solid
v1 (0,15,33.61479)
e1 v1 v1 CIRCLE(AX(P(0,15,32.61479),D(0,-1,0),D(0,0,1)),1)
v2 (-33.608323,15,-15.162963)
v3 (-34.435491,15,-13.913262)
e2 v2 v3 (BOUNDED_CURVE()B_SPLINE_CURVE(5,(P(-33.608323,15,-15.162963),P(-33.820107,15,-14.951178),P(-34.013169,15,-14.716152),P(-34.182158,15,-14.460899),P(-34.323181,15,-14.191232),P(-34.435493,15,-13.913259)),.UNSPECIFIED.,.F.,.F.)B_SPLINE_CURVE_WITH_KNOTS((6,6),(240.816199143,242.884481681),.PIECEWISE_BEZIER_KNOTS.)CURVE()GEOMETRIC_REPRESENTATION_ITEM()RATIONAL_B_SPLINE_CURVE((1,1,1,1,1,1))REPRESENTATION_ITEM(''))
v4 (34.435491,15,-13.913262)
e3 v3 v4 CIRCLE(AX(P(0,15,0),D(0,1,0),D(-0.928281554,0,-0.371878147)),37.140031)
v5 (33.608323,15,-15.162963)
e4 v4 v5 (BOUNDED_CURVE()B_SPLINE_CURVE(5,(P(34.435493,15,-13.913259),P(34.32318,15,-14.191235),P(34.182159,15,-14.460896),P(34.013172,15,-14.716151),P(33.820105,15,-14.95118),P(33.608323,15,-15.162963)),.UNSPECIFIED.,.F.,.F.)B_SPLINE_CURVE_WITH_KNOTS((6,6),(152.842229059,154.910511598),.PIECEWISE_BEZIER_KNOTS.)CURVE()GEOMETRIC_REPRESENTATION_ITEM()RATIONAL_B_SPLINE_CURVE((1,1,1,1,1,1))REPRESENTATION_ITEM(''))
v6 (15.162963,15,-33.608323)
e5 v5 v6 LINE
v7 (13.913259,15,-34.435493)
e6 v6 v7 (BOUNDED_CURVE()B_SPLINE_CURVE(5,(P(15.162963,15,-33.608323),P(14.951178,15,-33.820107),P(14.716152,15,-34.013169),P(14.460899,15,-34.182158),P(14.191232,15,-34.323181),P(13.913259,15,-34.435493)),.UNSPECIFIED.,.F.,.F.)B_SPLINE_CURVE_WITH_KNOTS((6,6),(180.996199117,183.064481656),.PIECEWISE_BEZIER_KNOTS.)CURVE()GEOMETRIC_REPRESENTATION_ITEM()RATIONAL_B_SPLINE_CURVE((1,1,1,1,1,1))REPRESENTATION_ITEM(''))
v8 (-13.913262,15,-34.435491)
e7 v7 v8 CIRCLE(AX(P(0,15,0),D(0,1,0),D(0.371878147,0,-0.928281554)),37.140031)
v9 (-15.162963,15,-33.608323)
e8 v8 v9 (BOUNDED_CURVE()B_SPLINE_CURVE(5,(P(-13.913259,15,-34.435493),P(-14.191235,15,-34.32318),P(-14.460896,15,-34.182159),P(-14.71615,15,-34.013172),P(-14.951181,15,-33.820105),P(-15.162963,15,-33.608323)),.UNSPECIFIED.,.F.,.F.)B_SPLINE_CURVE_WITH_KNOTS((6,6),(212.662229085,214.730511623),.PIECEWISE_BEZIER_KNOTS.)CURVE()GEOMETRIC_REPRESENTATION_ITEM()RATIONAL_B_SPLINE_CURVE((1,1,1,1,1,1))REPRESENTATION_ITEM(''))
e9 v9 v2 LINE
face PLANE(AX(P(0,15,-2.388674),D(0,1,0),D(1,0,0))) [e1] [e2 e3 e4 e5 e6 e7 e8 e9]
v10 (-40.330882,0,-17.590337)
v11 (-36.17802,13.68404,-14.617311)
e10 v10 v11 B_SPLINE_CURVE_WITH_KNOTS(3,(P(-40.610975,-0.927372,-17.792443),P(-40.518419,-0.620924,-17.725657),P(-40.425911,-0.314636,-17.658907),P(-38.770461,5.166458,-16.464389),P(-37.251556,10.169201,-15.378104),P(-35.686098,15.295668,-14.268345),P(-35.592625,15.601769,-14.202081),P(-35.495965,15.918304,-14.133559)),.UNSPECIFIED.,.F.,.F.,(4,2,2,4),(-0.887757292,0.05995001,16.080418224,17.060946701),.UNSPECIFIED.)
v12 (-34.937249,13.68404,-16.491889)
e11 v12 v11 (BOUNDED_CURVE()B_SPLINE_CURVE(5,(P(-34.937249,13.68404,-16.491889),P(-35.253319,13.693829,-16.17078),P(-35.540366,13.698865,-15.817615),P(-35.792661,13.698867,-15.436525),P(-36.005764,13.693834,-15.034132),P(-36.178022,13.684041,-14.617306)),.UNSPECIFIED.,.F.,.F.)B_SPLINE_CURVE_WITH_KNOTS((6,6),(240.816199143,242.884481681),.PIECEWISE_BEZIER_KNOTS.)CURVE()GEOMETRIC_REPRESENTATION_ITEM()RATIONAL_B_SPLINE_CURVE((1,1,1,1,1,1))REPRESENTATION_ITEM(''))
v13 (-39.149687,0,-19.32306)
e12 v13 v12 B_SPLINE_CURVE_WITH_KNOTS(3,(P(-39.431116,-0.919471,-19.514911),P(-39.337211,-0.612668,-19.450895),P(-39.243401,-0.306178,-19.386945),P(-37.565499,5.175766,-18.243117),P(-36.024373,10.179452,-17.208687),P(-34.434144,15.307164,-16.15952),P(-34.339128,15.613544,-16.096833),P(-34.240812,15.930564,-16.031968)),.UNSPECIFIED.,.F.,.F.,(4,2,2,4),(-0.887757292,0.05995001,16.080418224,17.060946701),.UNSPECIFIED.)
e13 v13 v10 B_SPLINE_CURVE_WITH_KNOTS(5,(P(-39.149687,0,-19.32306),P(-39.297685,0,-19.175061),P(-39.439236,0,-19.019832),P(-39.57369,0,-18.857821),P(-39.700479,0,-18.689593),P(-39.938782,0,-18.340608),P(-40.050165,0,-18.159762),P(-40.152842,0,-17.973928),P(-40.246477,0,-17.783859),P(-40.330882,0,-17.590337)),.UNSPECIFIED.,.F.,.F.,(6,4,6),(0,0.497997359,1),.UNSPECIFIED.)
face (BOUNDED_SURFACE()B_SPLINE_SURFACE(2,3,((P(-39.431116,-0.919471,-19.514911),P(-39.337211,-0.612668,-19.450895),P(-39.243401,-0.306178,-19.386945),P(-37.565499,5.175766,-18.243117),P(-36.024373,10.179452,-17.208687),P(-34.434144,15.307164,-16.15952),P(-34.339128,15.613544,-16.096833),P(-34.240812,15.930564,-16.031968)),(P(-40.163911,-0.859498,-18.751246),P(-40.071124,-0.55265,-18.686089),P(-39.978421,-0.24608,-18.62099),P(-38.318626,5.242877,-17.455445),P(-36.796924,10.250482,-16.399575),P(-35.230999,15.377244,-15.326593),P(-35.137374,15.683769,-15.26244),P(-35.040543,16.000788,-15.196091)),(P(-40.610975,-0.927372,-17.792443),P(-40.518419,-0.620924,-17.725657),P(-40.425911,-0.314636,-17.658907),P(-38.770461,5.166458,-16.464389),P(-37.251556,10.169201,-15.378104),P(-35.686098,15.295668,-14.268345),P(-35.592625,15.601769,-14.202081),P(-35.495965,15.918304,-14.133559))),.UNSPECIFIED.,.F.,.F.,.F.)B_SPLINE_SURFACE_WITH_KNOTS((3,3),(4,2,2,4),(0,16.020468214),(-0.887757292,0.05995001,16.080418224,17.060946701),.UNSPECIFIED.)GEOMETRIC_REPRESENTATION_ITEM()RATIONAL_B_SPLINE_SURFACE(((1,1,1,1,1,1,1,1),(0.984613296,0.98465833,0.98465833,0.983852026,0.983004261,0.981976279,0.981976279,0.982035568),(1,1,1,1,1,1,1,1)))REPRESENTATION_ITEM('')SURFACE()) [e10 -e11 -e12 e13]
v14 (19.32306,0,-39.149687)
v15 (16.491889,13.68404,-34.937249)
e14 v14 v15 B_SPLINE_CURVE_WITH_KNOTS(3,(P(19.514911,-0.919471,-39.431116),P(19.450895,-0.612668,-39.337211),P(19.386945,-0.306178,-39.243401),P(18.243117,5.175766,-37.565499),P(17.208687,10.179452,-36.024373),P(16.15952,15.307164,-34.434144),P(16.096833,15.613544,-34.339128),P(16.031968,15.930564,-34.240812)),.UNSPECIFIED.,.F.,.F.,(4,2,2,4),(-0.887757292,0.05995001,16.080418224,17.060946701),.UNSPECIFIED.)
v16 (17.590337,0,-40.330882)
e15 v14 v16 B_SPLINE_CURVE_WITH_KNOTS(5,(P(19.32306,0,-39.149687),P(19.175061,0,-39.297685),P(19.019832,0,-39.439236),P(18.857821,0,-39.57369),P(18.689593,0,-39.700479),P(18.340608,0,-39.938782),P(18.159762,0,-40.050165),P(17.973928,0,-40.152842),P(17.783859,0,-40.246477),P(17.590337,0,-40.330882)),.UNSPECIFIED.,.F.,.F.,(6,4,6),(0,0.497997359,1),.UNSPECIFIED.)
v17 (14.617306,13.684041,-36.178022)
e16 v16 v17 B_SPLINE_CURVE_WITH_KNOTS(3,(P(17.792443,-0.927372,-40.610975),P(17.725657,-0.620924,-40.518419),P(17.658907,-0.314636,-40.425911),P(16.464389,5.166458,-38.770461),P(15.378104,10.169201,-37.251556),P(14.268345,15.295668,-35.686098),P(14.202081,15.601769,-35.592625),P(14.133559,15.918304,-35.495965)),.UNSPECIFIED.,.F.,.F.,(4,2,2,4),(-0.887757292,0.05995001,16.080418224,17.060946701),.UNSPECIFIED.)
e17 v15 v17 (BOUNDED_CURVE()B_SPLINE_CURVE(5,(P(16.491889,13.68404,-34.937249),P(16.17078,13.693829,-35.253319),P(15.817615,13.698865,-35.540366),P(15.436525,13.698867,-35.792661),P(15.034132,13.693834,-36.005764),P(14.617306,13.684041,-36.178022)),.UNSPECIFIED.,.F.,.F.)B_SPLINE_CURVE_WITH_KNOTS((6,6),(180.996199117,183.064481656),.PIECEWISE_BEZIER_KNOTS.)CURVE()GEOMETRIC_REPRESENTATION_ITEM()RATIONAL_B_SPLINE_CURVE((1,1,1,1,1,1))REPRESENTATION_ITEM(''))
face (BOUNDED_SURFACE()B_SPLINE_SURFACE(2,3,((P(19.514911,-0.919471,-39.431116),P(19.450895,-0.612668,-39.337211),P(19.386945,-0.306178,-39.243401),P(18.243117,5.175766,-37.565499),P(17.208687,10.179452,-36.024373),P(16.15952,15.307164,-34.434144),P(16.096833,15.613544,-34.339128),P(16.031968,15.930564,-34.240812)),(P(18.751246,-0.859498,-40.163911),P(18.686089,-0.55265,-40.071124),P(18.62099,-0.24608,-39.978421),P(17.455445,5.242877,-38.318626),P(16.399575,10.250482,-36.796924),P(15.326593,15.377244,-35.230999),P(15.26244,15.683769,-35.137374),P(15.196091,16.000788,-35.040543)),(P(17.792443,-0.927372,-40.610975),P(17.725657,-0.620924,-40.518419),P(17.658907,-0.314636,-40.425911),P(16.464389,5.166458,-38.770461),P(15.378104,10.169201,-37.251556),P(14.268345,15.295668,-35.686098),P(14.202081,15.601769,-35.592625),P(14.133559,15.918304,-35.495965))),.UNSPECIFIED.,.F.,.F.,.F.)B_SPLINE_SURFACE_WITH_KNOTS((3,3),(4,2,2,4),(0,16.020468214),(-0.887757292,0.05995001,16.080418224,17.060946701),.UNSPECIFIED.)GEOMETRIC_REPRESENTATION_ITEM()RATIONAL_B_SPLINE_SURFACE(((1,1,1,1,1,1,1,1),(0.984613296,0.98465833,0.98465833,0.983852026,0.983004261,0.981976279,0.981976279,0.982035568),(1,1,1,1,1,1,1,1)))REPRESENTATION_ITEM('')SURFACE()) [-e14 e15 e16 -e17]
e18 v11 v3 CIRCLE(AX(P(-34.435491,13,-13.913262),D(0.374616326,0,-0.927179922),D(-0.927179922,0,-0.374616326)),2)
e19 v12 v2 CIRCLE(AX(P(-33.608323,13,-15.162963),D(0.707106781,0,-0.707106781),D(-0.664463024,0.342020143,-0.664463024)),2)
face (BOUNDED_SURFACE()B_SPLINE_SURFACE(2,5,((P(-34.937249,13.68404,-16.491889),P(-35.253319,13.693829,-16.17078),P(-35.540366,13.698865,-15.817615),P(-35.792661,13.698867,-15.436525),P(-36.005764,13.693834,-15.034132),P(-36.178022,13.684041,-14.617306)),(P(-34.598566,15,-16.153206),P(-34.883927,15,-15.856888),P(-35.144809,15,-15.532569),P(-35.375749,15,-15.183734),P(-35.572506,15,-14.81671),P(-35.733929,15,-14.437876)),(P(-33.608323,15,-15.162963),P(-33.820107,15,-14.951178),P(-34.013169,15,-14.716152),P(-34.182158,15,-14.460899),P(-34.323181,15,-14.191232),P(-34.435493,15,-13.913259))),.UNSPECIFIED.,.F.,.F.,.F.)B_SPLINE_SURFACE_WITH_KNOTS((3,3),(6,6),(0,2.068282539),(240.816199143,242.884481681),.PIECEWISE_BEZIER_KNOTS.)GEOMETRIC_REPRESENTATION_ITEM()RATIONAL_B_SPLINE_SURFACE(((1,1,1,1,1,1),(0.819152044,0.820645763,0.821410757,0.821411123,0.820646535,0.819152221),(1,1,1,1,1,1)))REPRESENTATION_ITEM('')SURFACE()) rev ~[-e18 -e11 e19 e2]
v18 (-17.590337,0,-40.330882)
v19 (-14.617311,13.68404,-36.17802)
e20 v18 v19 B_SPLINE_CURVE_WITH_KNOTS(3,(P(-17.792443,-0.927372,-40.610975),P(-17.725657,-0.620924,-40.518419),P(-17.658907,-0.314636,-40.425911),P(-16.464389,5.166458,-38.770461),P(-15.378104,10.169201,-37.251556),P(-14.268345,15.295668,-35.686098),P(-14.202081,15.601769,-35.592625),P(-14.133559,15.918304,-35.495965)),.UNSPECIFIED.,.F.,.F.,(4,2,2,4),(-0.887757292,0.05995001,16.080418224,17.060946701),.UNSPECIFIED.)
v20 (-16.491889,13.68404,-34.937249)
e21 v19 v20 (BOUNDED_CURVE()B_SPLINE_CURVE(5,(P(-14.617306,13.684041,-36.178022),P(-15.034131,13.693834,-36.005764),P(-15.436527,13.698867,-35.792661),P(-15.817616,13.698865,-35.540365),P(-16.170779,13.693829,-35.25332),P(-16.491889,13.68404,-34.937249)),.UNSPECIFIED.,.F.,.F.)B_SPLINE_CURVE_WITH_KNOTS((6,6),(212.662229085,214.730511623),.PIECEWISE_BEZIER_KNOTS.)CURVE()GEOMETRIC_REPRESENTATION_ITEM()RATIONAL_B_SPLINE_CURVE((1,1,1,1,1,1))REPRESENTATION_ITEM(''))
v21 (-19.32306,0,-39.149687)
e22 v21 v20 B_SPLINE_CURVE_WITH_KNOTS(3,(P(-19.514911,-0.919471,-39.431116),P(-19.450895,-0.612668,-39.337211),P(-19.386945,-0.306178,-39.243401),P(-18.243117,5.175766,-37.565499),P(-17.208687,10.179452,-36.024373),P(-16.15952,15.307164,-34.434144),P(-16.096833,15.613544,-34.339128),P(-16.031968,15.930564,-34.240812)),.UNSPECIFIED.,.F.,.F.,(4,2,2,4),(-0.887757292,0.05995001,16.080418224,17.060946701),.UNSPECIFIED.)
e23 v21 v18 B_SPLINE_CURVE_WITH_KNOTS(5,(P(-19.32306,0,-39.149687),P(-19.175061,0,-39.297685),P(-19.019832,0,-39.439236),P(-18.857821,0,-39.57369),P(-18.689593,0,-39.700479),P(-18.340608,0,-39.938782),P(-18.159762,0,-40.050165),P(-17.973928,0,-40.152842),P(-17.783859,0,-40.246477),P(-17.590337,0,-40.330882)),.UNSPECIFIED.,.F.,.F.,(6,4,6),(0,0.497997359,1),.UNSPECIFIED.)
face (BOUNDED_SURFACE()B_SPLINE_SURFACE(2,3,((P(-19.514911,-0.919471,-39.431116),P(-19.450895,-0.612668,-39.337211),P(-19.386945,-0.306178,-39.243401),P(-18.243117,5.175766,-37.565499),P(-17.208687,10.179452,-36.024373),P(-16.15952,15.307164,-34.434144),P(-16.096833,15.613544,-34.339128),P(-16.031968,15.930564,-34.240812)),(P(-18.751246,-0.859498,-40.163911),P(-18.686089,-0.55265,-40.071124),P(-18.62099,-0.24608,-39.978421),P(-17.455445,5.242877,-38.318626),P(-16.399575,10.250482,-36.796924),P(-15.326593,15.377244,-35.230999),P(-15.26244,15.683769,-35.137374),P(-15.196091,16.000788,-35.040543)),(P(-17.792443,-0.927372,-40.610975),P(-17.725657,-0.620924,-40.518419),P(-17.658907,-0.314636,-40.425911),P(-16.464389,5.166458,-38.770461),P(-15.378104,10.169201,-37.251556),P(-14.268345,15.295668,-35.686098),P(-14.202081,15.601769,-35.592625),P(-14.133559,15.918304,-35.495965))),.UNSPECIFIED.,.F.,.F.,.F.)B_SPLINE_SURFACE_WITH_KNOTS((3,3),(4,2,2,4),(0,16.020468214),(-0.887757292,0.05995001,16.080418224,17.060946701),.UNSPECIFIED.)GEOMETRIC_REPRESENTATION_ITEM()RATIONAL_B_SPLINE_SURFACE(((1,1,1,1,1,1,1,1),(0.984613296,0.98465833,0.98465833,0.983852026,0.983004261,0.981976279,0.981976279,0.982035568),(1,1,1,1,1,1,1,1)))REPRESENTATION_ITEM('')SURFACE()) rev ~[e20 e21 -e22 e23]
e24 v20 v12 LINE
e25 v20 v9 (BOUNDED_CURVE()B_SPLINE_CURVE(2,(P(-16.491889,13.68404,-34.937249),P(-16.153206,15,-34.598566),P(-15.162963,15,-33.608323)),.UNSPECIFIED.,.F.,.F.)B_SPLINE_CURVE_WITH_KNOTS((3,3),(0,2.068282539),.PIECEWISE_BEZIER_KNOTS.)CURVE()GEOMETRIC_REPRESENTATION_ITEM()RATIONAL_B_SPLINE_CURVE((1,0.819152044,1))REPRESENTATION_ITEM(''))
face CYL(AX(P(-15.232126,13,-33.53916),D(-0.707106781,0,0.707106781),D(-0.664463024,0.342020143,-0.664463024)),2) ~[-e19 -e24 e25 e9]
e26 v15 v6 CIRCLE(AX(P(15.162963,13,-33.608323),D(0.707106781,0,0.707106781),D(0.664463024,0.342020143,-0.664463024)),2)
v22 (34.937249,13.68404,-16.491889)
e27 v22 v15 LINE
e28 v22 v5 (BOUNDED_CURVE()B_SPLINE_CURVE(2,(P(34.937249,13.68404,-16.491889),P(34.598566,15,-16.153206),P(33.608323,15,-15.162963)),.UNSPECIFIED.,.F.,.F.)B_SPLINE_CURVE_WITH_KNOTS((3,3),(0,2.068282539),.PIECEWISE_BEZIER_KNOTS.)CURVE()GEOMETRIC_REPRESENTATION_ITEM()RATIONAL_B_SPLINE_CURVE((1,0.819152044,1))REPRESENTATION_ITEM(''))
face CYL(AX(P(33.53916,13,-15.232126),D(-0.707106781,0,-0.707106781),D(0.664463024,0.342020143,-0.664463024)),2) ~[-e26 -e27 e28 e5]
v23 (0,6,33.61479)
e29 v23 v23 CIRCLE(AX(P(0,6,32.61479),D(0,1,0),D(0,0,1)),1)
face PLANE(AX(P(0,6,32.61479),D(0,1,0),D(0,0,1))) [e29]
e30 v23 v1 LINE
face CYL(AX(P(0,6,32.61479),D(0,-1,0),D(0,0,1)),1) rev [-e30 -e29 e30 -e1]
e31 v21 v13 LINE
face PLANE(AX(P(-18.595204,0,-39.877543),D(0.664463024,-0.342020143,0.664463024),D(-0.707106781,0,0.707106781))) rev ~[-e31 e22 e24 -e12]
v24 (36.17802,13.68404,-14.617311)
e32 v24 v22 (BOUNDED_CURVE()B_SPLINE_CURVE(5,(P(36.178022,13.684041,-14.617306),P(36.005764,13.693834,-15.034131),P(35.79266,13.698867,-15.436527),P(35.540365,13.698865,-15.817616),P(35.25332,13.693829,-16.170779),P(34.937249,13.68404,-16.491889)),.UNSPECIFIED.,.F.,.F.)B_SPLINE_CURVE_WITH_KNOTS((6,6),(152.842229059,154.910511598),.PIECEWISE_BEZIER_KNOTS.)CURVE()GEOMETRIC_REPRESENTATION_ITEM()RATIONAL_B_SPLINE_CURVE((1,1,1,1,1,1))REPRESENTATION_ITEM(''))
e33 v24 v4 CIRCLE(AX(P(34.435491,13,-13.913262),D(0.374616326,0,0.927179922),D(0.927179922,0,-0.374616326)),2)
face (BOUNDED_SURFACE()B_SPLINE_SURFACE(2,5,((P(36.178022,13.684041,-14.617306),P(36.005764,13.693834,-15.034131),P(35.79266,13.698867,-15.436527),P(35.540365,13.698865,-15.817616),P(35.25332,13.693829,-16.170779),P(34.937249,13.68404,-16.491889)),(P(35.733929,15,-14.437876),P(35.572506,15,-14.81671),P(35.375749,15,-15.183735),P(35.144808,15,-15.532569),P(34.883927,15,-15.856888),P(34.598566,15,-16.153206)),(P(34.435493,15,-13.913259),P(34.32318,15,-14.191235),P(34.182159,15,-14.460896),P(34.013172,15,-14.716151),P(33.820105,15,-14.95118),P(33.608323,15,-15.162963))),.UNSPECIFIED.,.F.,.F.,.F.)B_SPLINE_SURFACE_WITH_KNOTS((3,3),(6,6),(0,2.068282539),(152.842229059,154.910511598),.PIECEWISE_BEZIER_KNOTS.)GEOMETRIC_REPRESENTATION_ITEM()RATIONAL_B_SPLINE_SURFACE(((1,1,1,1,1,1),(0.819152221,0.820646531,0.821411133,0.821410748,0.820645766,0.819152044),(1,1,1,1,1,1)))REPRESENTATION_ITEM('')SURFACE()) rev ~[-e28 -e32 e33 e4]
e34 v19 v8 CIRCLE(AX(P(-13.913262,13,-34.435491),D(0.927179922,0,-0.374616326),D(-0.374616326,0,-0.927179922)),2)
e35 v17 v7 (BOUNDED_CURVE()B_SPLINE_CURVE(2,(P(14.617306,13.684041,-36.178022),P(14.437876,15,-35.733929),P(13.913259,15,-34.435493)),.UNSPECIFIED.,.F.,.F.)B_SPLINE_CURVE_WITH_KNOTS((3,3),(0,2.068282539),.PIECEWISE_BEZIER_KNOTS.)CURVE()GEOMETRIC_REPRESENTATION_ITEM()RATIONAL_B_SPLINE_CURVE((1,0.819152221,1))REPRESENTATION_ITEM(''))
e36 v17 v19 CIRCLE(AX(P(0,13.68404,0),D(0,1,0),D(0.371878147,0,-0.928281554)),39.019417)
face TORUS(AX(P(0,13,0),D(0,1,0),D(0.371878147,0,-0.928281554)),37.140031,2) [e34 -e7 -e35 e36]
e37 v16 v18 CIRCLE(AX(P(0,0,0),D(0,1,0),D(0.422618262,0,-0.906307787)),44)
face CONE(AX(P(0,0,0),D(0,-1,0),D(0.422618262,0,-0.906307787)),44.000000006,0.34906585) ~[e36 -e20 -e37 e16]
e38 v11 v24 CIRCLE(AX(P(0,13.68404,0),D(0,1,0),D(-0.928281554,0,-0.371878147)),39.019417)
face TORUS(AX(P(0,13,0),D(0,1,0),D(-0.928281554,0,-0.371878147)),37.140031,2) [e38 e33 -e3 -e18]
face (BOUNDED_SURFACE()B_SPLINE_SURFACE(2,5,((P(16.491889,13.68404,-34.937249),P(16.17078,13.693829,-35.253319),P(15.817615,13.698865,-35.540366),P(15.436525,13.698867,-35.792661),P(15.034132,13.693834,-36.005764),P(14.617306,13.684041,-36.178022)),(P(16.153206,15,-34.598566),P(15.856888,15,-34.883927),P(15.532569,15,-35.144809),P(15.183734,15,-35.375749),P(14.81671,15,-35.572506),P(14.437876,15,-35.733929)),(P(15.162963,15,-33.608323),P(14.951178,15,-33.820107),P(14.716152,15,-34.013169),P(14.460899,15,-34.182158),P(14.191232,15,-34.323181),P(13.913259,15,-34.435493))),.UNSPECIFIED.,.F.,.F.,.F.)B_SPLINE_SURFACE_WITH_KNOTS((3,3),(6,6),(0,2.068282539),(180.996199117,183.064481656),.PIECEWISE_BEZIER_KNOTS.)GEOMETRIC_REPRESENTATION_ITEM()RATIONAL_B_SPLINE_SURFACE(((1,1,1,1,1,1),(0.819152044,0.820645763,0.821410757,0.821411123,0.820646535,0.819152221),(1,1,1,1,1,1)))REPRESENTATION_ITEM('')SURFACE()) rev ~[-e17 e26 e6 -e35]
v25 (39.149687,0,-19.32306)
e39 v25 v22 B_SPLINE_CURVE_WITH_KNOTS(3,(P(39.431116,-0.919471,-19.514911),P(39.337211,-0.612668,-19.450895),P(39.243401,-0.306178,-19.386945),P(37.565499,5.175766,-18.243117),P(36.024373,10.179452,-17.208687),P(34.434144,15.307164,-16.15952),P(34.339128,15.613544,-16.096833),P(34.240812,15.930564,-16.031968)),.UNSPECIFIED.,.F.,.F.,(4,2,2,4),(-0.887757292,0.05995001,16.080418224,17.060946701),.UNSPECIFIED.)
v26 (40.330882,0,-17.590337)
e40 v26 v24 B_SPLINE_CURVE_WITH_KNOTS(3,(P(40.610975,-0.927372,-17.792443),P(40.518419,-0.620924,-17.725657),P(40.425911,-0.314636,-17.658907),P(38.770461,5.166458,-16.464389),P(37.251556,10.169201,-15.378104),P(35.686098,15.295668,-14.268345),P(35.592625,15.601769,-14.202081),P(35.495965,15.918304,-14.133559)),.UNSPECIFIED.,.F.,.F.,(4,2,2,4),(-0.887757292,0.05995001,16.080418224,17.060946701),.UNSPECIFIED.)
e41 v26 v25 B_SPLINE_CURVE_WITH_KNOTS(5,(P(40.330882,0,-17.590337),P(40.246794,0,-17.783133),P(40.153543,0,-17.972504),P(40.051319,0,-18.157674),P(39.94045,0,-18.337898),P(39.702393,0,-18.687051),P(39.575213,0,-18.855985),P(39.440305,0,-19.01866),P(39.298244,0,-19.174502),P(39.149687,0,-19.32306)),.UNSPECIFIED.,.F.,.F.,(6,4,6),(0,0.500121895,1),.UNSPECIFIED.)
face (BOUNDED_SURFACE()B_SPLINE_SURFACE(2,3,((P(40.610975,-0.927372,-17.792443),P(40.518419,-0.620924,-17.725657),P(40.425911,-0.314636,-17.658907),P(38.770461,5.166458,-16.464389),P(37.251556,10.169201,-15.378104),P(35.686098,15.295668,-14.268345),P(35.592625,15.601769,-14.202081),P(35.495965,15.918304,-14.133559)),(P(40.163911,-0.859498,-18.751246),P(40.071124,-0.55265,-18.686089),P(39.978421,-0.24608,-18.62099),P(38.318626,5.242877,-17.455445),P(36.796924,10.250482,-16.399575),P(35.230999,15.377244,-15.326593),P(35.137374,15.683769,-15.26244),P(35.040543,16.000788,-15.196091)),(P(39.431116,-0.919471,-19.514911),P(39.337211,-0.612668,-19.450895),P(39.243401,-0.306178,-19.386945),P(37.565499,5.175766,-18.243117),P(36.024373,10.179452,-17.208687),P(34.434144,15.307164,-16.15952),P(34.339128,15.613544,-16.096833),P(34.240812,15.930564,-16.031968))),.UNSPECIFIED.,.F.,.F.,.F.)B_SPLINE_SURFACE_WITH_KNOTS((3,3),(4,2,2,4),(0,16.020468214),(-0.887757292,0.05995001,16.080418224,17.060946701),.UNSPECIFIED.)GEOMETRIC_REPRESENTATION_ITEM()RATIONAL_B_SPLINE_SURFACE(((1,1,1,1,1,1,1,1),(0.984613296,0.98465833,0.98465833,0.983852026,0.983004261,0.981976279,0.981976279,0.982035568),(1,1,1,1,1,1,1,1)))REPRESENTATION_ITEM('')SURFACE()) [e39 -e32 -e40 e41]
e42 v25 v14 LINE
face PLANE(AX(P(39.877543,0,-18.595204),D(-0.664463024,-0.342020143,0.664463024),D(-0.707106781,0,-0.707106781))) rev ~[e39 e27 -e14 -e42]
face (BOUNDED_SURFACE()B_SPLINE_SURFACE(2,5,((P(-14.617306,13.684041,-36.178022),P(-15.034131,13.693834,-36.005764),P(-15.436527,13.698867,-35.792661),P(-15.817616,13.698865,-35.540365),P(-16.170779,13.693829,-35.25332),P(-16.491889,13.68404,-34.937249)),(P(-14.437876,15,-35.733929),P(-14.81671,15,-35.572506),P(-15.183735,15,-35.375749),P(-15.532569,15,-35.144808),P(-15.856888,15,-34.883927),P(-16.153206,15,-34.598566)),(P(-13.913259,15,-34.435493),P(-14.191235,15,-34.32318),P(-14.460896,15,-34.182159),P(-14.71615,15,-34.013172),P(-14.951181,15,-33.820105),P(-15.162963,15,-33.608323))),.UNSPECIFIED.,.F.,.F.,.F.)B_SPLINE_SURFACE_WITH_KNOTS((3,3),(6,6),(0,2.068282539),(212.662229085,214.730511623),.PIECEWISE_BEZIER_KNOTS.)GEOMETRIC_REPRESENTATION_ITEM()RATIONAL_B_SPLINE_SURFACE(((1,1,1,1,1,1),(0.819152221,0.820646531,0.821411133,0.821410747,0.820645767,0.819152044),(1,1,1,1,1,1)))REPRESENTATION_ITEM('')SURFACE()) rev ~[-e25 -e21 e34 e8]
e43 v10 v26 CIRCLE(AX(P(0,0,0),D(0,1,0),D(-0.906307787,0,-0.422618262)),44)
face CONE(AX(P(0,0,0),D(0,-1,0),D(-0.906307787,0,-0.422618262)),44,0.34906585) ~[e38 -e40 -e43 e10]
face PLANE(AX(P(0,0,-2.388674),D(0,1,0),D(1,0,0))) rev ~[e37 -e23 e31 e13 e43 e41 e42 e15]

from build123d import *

# Parameters (mm, degrees)
EXTRUDE_1_DEPTH     = 15
DRAFT_2_ANGLE       = -20
FILLET_1_R          = 6
FILLET_2_R          = 2
CUT_EXTRUDE_START   = 6
SKETCH_2_R          = 1
CUT_EXTRUDE_1_DEPTH = 59.007812184


with BuildPart() as part:
    # 草图1 → 凸台-拉伸1 (new body)
    with BuildSketch(Plane(origin=(0, 0, 0), x_dir=(1, 0, 0), z_dir=(0, 1, 0))):
        with BuildLine():
            Line((-18.595203517, 39.87754263), (-39.87754263, 18.595203517))
            ThreePointArc((-39.87754263, 18.595203517), (0, -44), (39.87754263, 18.595203517))
            Line((39.87754263, 18.595203517), (18.595203517, 39.87754263))
            ThreePointArc((18.595203517, 39.87754263), (0, 44), (-18.595203517, 39.87754263))
        make_face()
    extrude(amount=EXTRUDE_1_DEPTH)

    # 拔模2
    draft_2_faces = [part.faces().sort_by_distance(p)[0] for p in [
        (29.236373073, 7.5, -29.236373073),
        (0, 7.5, 44),
        (-29.236373073, 7.5, -29.236373073),
        (0, 7.5, -44),
    ]]
    draft(draft_2_faces, Plane(origin=(0, 0, 0), x_dir=(0, 0, -1), z_dir=(0, -1, 0)), DRAFT_2_ANGLE)

    # 圆角1
    fillet_1_edges = [part.edges().sort_by_distance(p)[0] for p in [
        (17.010833705, 7.500497123, -37.601169244),
        (37.601169244, 7.500497123, -17.010833705),
        (-37.601169244, 7.500497123, -17.010833705),
        (-17.010833705, 7.500497123, -37.601169244),
    ]]
    fillet(fillet_1_edges, radius=FILLET_1_R)

    # 圆角2
    fillet_2_edges = [part.edges().sort_by_distance(p)[0] for p in [
        (-35.248872303, 15, -15.340682868),
        (-25.375885761, 15, -25.375885761),
        (-15.340682868, 15, -35.248872303),
        (0, 15, -38.540446486),
        (15.340682868, 15, -35.248872303),
        (25.375885761, 15, -25.375885761),
        (35.248872303, 15, -15.340682868),
        (0, 15, 38.540446486),
    ]]
    fillet(fillet_2_edges, radius=FILLET_2_R)

    # 草图2 → 切除-拉伸1 (cut, through all)
    with BuildSketch(Plane(origin=(0, 0, 0), x_dir=(1, 0, 0), z_dir=(0, 1, 0)).offset(CUT_EXTRUDE_START)):
        with Locations(Location((0, -32.614789591, 0), (0, 0, 270))):
            Circle(SKETCH_2_R)
    extrude(amount=CUT_EXTRUDE_1_DEPTH, mode=Mode.SUBTRACT)


solid = part.part
